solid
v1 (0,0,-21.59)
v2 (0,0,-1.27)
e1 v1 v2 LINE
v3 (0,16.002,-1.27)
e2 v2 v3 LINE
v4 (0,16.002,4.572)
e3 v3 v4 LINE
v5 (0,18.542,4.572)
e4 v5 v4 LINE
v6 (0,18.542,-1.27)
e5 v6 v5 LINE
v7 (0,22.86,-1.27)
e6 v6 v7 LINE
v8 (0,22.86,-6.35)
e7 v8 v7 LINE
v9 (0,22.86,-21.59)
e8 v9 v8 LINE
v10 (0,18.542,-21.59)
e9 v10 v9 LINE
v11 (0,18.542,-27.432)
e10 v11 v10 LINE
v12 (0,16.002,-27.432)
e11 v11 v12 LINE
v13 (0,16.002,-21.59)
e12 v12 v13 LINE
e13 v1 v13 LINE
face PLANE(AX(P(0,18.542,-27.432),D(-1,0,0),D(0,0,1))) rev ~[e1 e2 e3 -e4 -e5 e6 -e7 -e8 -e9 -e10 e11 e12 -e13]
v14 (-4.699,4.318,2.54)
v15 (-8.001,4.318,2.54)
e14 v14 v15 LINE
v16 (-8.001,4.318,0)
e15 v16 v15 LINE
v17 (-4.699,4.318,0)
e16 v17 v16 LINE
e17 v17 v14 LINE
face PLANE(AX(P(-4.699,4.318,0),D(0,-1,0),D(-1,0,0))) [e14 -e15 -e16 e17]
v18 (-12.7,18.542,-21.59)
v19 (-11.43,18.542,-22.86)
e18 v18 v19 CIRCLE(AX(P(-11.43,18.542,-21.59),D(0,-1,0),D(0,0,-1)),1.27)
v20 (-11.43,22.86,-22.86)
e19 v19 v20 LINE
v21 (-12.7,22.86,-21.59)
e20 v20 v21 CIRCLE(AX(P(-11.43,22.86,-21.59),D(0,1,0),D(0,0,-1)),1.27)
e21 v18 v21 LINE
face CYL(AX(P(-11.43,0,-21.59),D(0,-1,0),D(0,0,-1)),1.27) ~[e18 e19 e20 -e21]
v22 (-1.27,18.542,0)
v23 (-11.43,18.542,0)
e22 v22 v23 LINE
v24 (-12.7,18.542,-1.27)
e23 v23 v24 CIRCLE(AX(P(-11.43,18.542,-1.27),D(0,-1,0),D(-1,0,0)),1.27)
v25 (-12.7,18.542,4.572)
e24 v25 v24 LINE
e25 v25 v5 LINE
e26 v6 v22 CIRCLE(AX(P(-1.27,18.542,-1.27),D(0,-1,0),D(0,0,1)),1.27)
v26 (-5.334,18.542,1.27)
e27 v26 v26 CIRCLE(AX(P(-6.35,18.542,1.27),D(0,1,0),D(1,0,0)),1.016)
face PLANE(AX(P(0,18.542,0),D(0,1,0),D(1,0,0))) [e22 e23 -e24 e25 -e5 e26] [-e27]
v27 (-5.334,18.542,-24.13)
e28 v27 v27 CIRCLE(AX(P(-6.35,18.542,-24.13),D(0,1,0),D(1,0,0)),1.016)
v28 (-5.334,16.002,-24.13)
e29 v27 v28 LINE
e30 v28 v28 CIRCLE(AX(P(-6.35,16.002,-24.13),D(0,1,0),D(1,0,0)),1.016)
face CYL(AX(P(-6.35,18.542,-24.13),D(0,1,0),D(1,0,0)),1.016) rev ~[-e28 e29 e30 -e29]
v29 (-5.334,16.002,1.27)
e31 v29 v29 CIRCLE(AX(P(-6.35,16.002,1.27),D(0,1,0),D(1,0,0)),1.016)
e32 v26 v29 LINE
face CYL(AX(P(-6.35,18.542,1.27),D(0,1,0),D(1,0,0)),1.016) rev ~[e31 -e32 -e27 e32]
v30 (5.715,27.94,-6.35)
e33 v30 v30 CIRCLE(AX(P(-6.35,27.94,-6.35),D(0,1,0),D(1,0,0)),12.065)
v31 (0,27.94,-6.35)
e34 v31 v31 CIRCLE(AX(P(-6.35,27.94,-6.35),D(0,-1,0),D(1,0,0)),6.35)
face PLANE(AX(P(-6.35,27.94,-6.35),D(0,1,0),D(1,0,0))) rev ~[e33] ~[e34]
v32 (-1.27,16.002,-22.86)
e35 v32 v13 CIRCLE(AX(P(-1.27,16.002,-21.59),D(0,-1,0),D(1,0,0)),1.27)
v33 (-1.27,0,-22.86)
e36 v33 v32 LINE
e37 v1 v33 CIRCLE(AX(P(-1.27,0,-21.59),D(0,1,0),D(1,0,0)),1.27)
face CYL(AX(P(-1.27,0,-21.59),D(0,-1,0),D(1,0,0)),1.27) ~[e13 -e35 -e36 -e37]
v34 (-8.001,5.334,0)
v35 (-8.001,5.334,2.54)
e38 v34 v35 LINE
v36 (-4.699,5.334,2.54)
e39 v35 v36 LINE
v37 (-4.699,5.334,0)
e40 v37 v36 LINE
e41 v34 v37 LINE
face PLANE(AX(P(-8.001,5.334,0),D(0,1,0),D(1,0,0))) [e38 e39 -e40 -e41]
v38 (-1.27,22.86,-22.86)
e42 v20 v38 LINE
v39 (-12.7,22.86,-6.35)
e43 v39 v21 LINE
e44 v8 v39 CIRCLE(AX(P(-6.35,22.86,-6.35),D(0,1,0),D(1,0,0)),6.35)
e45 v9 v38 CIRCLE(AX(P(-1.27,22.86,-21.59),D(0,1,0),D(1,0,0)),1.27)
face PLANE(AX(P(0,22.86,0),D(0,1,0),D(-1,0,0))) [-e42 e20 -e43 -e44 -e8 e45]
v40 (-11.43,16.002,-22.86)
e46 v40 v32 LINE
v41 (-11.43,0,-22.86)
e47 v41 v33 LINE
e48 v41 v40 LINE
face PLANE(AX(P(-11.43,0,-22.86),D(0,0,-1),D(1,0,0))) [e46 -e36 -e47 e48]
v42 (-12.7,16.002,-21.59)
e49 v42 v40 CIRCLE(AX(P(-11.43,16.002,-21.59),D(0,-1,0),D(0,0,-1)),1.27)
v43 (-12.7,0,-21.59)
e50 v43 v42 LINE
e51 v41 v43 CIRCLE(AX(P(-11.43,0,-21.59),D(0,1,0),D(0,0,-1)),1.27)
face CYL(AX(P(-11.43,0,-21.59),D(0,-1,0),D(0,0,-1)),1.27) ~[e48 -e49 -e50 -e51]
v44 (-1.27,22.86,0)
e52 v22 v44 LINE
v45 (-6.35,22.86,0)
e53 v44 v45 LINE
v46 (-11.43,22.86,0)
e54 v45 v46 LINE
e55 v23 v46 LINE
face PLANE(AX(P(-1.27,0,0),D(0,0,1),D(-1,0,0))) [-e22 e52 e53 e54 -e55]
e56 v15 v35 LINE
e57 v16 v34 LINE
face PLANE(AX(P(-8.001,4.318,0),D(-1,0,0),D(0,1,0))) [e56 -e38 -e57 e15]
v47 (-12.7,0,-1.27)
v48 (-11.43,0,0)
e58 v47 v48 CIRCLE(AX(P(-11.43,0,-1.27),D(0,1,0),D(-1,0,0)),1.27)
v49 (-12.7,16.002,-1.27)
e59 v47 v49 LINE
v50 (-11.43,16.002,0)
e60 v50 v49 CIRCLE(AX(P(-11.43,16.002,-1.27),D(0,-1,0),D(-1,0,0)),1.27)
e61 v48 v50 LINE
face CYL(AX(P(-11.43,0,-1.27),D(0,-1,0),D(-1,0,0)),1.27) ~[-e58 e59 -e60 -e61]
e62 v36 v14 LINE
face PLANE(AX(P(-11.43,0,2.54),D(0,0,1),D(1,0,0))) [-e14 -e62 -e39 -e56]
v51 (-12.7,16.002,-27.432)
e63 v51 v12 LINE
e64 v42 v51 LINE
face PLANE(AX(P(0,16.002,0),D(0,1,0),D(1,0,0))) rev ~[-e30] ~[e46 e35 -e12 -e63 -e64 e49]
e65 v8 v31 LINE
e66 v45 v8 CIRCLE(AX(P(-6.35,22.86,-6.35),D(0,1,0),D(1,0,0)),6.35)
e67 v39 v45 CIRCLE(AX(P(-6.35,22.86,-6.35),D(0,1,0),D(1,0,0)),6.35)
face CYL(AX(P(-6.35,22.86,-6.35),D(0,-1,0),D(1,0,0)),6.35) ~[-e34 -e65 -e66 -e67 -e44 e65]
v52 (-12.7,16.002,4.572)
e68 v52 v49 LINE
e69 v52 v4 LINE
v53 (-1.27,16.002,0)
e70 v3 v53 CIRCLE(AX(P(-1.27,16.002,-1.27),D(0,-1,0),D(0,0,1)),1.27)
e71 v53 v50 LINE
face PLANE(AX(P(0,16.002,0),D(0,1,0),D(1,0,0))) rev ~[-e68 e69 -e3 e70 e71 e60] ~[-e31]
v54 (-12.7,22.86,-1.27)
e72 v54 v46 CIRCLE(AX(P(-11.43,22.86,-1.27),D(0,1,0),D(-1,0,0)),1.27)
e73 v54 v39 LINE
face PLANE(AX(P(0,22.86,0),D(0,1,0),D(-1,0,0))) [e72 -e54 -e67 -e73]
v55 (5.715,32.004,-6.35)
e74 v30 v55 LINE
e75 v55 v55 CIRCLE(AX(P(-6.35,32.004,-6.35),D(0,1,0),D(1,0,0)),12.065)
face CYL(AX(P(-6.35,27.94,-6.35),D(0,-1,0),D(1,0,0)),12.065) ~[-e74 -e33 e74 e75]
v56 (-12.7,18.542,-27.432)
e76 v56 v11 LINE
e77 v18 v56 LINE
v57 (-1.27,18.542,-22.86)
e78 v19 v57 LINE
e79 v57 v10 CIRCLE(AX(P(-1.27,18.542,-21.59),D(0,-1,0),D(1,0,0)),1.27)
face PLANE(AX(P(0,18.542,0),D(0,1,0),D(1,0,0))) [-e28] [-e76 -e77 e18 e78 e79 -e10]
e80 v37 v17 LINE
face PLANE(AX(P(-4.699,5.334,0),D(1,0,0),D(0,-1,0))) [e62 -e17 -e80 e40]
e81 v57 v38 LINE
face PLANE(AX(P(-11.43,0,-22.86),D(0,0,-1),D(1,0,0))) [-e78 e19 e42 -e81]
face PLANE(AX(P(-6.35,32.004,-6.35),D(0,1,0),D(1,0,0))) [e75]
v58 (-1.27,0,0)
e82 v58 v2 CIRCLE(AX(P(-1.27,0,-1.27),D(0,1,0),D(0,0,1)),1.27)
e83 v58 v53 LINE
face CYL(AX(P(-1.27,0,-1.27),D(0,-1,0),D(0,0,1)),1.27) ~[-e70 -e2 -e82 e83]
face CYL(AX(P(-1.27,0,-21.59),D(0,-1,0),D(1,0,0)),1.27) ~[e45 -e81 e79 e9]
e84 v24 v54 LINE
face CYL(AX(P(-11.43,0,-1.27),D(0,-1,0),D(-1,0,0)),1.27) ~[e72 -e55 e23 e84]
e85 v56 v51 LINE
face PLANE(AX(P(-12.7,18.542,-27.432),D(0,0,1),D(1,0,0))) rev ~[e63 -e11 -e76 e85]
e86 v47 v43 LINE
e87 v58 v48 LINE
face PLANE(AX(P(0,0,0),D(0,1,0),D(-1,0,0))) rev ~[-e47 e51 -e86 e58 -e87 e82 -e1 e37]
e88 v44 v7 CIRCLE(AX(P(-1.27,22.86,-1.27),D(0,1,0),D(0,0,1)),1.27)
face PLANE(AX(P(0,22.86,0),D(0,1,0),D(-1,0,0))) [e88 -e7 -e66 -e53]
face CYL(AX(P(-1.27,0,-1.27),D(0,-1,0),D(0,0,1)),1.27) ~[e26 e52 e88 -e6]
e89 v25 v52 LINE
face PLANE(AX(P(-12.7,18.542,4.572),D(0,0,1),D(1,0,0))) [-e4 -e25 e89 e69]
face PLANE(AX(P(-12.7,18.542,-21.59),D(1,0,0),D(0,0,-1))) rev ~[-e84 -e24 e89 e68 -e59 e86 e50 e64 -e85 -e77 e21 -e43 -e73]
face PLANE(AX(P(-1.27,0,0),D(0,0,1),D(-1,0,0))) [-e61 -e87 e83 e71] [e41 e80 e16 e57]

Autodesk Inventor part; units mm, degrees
ref_plane "YZ Plane" through (0, 0, 0) normal (1, 0, 0) x (0, 1, 0)
ref_plane "XZ Plane" through (0, 0, 0) normal (0, 1, 0) x (-1, 0, 0)
sketch "Sketch1" plane through (0, 0, 0) normal (0, 1, 0) x (-1, 0, 0)
  line L0 (1.27, 0) -> (11.43, 0)
  line L1 (12.7, -1.27) -> (12.7, -21.59)
  line L2 (11.43, -22.86) -> (1.27, -22.86)
  line L3 (0, -21.59) -> (0, -1.27)
  arc A0 (12.7, -1.27) -> (11.43, 0) centre (11.43, -1.27) ccw
  arc A1 (1.27, 0) -> (0, -1.27) centre (1.27, -1.27) ccw
  arc A2 (0, -21.59) -> (1.27, -22.86) centre (1.27, -21.59) ccw
  arc A3 (11.43, -22.86) -> (12.7, -21.59) centre (11.43, -21.59) ccw
  point P0 (0, 0)
  point P1 (12.7, -22.86)
  point P2 (12.7, 0)
  point P3 (0, -22.86)
  dimension "d0" = 12.7
  dimension "d1" = 22.86
  dimension "d2" = 1.27
extrude "Extrusion1" add sketch "Sketch1" along normal blind 22.86
sketch "Sketch2" plane through (0, 22.86, 0) normal (0, 1, 0) x (1, 0, 0)
  line L0 (-12.7, 21.59) -> (-12.7, 1.27) projected
  line L1 (-11.43, 0) -> (-1.27, 0) projected
  line L2 (0, 1.27) -> (0, 21.59) projected
  circle A0 centre (-6.35, 6.35) radius 6.35
  point P0 (0, 0)
extrude "Extrusion2" add sketch "Sketch2" along normal blind 5.08
sketch "Sketch3" plane through (-6.35, 27.94, -6.35) normal (0, 1, 0) x (1, 0, 0)
  circle A0 centre (0, 0) radius 12.065
  point P0 (6.35, -6.35)
  dimension "d9" = 24.13
extrude "Extrusion3" add sketch "Sketch3" along normal blind 4.064
ref_plane "Work Plane1" through (0, 18.542, 0) normal (0, 1, 0) x (1, 0, 0)
sketch "Sketch5" plane through (0, 18.542, 0) normal (0, 1, 0) x (1, 0, 0)
  line L0 (-12.7, 27.432) -> (0, 27.432)
  line L1 (-12.7, 21.59) -> (-12.7, 1.27) projected
  line L2 (0, 1.27) -> (0, 21.59) projected
  circle A0 centre (-6.35, 24.13) radius 1.016
  line L3 (0, 11.43) -> (-12.7, 11.43) construction
  line L4 (-12.7, -4.572) -> (0, -4.572)
  circle A1 centre (-6.35, -1.27) radius 1.016
  line L5 (-12.7, -4.572) -> (-12.7, 27.432)
  line L6 (0, 27.432) -> (0, -4.572)
  point P0 (0, 0)
  dimension "d13" = 16.002
  dimension "d14" = 2.032
  dimension "d15" = 25.4
extrude "Extrusion4" add sketch "Sketch5" against normal blind 2.54
sketch "Sketch6" plane through (-11.43, 0, 0) normal (0, 0, 1) x (1, 0, 0)
  line L0 (3.429, 5.334) -> (6.731, 5.334)
  line L1 (6.731, 5.334) -> (6.731, 4.318)
  line L2 (6.731, 4.318) -> (3.429, 4.318)
  line L3 (3.429, 4.318) -> (3.429, 5.334)
  line L4 (0, 0) -> (10.16, 0) projected
  point P0 (11.43, 0)
  point P1 (5.08, 0)
  point P2 (5.08, 4.318)
  dimension "d18" = 3.302
  dimension "d19" = 1.016
  dimension "d20" = 4.318
extrude "Extrusion5" add sketch "Sketch6" along normal blind 2.54
properties part number "servo (2)"
